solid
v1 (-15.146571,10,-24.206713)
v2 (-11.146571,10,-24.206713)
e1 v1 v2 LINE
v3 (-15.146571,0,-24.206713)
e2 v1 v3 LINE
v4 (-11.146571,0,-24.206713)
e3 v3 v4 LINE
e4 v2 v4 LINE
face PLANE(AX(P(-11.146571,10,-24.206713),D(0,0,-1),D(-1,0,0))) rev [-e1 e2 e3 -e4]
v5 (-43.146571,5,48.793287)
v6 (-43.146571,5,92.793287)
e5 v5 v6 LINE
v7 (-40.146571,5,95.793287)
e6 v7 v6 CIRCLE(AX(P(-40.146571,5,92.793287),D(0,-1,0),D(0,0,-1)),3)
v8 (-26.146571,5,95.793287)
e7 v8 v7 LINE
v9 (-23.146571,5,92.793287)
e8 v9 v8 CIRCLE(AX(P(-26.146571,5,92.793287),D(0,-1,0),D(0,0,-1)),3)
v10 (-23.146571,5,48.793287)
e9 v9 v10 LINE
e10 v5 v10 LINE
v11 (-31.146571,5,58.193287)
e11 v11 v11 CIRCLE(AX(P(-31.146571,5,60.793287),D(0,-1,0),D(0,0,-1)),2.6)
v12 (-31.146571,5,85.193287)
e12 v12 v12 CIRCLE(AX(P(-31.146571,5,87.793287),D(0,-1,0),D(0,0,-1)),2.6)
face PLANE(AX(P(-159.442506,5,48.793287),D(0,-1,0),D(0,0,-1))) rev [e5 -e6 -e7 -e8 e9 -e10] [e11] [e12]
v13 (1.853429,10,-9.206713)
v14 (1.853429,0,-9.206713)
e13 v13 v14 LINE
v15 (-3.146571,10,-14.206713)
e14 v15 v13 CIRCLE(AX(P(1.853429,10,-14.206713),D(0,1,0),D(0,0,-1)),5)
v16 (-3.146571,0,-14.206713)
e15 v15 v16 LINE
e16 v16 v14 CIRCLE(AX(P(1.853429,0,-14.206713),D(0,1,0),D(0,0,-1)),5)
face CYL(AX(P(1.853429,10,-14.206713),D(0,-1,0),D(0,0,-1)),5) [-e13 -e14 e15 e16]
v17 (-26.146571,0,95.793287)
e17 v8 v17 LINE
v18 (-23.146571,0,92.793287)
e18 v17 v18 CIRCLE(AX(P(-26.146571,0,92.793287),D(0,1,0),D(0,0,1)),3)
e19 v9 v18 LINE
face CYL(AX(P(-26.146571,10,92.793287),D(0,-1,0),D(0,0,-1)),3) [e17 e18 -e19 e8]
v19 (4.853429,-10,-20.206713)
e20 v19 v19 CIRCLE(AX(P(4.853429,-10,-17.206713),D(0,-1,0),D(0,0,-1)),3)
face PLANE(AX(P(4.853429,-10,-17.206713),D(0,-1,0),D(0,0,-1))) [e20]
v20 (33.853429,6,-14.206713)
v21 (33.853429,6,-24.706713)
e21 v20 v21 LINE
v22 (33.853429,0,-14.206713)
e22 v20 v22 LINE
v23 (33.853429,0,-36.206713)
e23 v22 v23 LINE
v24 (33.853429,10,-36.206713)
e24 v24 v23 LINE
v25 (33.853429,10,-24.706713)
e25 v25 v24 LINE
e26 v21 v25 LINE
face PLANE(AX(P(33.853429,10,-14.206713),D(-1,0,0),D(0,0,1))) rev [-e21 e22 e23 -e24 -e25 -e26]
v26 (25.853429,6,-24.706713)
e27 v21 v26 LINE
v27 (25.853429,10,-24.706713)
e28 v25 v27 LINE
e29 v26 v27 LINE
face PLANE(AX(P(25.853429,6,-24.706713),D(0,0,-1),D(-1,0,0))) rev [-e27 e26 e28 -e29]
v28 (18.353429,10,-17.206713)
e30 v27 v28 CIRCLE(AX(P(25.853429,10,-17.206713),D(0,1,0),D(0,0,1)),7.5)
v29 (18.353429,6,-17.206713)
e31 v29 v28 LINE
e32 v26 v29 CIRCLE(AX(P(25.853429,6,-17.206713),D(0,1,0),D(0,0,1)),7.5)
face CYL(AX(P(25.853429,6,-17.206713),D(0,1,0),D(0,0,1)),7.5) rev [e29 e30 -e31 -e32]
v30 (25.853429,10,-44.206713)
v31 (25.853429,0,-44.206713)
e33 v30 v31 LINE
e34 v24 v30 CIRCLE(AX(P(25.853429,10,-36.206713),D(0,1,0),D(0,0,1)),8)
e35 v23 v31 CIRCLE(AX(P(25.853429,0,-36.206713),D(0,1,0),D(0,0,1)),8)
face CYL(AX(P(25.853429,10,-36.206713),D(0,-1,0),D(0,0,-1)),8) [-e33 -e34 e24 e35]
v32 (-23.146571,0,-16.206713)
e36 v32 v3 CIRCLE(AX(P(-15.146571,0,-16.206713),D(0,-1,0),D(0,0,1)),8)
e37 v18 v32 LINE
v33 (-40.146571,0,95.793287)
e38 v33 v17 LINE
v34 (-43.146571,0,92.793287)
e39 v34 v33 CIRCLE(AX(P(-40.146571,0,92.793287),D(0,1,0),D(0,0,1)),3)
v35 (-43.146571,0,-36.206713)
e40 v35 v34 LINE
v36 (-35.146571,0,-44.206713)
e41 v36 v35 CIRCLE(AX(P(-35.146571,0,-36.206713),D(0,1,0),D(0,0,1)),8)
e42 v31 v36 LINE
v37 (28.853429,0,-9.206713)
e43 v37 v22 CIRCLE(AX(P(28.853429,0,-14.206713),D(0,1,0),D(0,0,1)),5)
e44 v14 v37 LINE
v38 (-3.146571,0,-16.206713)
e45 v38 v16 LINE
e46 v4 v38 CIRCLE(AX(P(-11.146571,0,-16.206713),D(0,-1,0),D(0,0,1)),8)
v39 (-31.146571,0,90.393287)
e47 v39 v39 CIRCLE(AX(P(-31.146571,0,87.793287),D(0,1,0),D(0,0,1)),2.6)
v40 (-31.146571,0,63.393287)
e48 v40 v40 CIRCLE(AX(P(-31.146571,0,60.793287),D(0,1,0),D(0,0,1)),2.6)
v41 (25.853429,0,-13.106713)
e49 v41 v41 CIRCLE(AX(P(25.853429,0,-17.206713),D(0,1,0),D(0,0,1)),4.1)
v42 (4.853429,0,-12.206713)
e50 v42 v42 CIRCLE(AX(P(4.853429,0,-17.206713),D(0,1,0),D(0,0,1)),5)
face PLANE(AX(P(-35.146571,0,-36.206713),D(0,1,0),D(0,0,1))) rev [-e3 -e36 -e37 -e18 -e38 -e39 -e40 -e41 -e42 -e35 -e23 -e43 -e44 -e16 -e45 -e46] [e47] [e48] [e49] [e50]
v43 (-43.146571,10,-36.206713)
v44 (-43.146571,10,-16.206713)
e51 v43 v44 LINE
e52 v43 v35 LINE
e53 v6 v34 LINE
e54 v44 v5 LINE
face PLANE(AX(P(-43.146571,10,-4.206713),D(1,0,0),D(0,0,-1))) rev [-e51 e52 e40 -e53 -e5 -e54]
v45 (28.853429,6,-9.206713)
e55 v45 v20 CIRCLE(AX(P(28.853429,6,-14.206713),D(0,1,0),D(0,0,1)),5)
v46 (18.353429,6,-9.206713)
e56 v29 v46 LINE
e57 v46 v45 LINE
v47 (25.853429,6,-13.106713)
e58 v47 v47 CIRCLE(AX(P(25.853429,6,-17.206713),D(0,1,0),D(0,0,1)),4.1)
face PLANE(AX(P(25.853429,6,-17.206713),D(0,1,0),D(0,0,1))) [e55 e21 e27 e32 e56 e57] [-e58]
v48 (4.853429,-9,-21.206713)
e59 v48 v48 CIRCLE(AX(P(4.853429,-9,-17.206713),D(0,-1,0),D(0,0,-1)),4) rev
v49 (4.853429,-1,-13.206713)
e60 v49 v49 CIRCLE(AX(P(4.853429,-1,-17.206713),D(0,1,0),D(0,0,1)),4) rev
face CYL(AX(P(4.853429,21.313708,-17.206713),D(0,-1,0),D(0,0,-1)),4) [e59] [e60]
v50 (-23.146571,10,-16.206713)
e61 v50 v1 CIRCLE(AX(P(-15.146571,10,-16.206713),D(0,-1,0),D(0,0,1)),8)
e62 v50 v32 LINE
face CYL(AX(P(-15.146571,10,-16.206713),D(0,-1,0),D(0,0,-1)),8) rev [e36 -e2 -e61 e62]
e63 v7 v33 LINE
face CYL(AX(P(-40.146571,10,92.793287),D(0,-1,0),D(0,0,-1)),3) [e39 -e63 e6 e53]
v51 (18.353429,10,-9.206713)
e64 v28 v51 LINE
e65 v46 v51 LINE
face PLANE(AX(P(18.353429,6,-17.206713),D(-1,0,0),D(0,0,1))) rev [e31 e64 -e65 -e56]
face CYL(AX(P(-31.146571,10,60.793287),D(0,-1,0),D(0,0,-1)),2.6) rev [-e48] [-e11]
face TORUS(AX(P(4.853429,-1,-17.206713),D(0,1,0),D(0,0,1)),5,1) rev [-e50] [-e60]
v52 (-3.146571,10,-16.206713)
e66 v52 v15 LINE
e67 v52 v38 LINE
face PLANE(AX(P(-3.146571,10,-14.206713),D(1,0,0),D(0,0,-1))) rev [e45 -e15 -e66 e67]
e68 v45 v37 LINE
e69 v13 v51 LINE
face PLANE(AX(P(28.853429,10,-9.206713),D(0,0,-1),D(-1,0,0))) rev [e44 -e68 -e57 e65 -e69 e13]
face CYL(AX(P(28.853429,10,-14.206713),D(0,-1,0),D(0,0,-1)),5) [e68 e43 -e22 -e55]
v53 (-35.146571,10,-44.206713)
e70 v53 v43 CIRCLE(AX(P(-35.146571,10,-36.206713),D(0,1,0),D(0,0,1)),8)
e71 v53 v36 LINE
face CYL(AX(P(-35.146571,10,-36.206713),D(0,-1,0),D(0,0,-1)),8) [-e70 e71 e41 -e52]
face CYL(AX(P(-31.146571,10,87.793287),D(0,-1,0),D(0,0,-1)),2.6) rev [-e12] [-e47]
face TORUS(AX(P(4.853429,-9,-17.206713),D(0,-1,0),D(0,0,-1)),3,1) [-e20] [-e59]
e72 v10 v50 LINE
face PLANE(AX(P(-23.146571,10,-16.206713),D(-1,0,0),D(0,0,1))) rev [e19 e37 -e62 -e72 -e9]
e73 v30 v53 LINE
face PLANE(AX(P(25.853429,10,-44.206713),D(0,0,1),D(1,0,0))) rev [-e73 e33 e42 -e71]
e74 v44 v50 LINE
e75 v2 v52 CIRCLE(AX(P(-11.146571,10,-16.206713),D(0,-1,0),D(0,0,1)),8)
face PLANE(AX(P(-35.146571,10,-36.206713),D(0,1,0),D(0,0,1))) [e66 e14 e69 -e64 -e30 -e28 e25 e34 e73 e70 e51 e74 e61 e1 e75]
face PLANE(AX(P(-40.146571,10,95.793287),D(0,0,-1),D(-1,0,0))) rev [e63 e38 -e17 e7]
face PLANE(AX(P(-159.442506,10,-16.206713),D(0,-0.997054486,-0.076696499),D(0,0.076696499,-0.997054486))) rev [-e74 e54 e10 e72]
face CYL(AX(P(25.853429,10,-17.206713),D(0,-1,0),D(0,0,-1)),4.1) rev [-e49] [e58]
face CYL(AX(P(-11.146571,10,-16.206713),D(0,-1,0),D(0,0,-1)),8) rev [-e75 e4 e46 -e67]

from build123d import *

# Parameters (mm, degrees)
SKETCH1_R                = 4.1
SKETCH1_R_2              = 4
SKETCH1_R_3              = 2.6
BOSS_EXTRUDE1_DEPTH      = 10
CUT_EXTRUDE1_START       = -4
CUT_EXTRUDE1_DEPTH       = 4
CUT_EXTRUDE2_REACH       = 113.917
BOSS_EXTRUDE2_DEPTH      = 10
BOSS_EXTRUDE2_DEPTH_BACK = 10
SKETCH5_R                = 4
FILLET1_R                = 1


with BuildPart() as part:
    # Sketch1 → Boss-Extrude1 (new body)
    with BuildSketch(Plane(origin=(0, 0, 0), x_dir=(1, 0, 0), z_dir=(0, 1, 0))):
        with BuildLine():
            Line((28.853428594, 9.206712552), (1.853428594, 9.206712552))
            ThreePointArc((1.853428594, 9.206712552), (-1.682105312, 10.671178646), (-3.146571406, 14.206712552))
            Line((-3.146571406, 14.206712552), (-3.146571406, 16.206712552))
            ThreePointArc((-3.146571406, 16.206712552), (-5.489717157, 21.863566801), (-11.146571406, 24.206712552))
            Line((-11.146571406, 24.206712552), (-15.146571406, 24.206712552))
            ThreePointArc((-15.146571406, 24.206712552), (-20.803425656, 21.863566801), (-23.146571406, 16.206712552))
            Line((-23.146571406, 16.206712552), (-23.146571406, -92.793287448))
            ThreePointArc((-23.146571406, -92.793287448), (-24.025251062, -94.914607792), (-26.146571406, -95.793287448))
            Line((-26.146571406, -95.793287448), (-40.146571406, -95.793287448))
            ThreePointArc((-40.146571406, -95.793287448), (-42.26789175, -94.914607792), (-43.146571406, -92.793287448))
            Line((-43.146571406, -92.793287448), (-43.146571406, 4.206712552))
            Line((-43.146571406, 4.206712552), (-43.146571406, 36.206712552))
            ThreePointArc((-43.146571406, 36.206712552), (-40.803425656, 41.863566801), (-35.146571406, 44.206712552))
            Line((-35.146571406, 44.206712552), (-3.146571406, 44.206712552))
            Line((-3.146571406, 44.206712552), (25.853428594, 44.206712552))
            ThreePointArc((25.853428594, 44.206712552), (31.510282843, 41.863566801), (33.853428594, 36.206712552))
            Line((33.853428594, 36.206712552), (33.853428594, 14.206712552))
            ThreePointArc((33.853428594, 14.206712552), (32.3889625, 10.671178646), (28.853428594, 9.206712552))
        make_face()
        with Locations(Location((25.853428594, 17.206712552, 0), (0, 0, 270))):
            Circle(SKETCH1_R, mode=Mode.SUBTRACT)
        with Locations(Location((4.853428594, 17.206712552, 0), (0, 0, 270))):
            Circle(SKETCH1_R_2, mode=Mode.SUBTRACT)
        with Locations(Location((-31.146571406, -87.793287448, 0), (0, 0, 270))):
            Circle(SKETCH1_R_3, mode=Mode.SUBTRACT)
        with Locations(Location((-31.146571406, -60.793287448, 0), (0, 0, 270))):
            Circle(SKETCH1_R_3, mode=Mode.SUBTRACT)
    extrude(amount=BOSS_EXTRUDE1_DEPTH)

    # Sketch2 → Cut-Extrude1 (cut)
    with BuildSketch(Plane(origin=(0, 10, 0), x_dir=(1, 0, 0), z_dir=(0, 1, 0)).offset(CUT_EXTRUDE1_START)):
        with BuildLine():
            Line((25.853428594, 24.706712552), (33.853428594, 24.706712552))
            Line((33.853428594, 24.706712552), (33.853428594, 14.206712552))
            ThreePointArc((33.853428594, 14.206712552), (32.3889625, 10.671178646), (28.853428594, 9.206712552))
            Line((28.853428594, 9.206712552), (18.353428594, 9.206712552))
            Line((18.353428594, 9.206712552), (18.353428594, 17.206712552))
            ThreePointArc((18.353428594, 17.206712552), (20.550127735, 22.510013411), (25.853428594, 24.706712552))
        make_face()
    extrude(amount=CUT_EXTRUDE1_DEPTH, mode=Mode.SUBTRACT)

    # Cut-Extrude2: up to this face of the body (flat: up to its plane)
    cut_extrude2_end = Plane(part.part.faces().sort_by_distance((-43.146571406, 5, 28.293287448))[0])
    # Sketch3 → Cut-Extrude2 (cut, up to the picked face)
    with BuildSketch(Plane(origin=(-23.146571406, 0, 0), x_dir=(0, 0, -1), z_dir=(1, 0, 0)), mode=Mode.PRIVATE) as cut_extrude2_sk1:
        Polygon((16.206712552, 10), (-48.793287448, 5), (-99.981688139, 5), (-99.981688139, 10), align=None)
    cut_extrude2_tool1 = split(extrude(cut_extrude2_sk1.sketch, amount=-CUT_EXTRUDE2_REACH, mode=Mode.PRIVATE), bisect_by=cut_extrude2_end, keep=Keep.BOTH, mode=Mode.PRIVATE)
    add(cut_extrude2_tool1.solids().sort_by(Axis((-23.146571, 7.823621, 56.033951), (-1, 0, 0)))[0], mode=Mode.SUBTRACT)

    # Sketch5 → Boss-Extrude2 (add, two sides: drawn at the far end of the back side and taken through both)
    with BuildSketch(Plane(origin=(0, 0, 0), x_dir=(-1, 0, 0), z_dir=(0, -1, 0)).offset(-BOSS_EXTRUDE2_DEPTH_BACK)):
        with Locations(Location((-4.853428594, 17.206712552, 0), (0, 0, 90))):
            Circle(SKETCH5_R)
    extrude(amount=BOSS_EXTRUDE2_DEPTH + BOSS_EXTRUDE2_DEPTH_BACK)

    # Fillet1
    fillet1_edges = [part.edges().sort_by_distance(p)[0] for p in [
        (4.853428594, 0, -13.206712552),
        (4.853428594, -10, -13.206712552),
    ]]
    fillet(fillet1_edges, radius=FILLET1_R)


solid = part.part
